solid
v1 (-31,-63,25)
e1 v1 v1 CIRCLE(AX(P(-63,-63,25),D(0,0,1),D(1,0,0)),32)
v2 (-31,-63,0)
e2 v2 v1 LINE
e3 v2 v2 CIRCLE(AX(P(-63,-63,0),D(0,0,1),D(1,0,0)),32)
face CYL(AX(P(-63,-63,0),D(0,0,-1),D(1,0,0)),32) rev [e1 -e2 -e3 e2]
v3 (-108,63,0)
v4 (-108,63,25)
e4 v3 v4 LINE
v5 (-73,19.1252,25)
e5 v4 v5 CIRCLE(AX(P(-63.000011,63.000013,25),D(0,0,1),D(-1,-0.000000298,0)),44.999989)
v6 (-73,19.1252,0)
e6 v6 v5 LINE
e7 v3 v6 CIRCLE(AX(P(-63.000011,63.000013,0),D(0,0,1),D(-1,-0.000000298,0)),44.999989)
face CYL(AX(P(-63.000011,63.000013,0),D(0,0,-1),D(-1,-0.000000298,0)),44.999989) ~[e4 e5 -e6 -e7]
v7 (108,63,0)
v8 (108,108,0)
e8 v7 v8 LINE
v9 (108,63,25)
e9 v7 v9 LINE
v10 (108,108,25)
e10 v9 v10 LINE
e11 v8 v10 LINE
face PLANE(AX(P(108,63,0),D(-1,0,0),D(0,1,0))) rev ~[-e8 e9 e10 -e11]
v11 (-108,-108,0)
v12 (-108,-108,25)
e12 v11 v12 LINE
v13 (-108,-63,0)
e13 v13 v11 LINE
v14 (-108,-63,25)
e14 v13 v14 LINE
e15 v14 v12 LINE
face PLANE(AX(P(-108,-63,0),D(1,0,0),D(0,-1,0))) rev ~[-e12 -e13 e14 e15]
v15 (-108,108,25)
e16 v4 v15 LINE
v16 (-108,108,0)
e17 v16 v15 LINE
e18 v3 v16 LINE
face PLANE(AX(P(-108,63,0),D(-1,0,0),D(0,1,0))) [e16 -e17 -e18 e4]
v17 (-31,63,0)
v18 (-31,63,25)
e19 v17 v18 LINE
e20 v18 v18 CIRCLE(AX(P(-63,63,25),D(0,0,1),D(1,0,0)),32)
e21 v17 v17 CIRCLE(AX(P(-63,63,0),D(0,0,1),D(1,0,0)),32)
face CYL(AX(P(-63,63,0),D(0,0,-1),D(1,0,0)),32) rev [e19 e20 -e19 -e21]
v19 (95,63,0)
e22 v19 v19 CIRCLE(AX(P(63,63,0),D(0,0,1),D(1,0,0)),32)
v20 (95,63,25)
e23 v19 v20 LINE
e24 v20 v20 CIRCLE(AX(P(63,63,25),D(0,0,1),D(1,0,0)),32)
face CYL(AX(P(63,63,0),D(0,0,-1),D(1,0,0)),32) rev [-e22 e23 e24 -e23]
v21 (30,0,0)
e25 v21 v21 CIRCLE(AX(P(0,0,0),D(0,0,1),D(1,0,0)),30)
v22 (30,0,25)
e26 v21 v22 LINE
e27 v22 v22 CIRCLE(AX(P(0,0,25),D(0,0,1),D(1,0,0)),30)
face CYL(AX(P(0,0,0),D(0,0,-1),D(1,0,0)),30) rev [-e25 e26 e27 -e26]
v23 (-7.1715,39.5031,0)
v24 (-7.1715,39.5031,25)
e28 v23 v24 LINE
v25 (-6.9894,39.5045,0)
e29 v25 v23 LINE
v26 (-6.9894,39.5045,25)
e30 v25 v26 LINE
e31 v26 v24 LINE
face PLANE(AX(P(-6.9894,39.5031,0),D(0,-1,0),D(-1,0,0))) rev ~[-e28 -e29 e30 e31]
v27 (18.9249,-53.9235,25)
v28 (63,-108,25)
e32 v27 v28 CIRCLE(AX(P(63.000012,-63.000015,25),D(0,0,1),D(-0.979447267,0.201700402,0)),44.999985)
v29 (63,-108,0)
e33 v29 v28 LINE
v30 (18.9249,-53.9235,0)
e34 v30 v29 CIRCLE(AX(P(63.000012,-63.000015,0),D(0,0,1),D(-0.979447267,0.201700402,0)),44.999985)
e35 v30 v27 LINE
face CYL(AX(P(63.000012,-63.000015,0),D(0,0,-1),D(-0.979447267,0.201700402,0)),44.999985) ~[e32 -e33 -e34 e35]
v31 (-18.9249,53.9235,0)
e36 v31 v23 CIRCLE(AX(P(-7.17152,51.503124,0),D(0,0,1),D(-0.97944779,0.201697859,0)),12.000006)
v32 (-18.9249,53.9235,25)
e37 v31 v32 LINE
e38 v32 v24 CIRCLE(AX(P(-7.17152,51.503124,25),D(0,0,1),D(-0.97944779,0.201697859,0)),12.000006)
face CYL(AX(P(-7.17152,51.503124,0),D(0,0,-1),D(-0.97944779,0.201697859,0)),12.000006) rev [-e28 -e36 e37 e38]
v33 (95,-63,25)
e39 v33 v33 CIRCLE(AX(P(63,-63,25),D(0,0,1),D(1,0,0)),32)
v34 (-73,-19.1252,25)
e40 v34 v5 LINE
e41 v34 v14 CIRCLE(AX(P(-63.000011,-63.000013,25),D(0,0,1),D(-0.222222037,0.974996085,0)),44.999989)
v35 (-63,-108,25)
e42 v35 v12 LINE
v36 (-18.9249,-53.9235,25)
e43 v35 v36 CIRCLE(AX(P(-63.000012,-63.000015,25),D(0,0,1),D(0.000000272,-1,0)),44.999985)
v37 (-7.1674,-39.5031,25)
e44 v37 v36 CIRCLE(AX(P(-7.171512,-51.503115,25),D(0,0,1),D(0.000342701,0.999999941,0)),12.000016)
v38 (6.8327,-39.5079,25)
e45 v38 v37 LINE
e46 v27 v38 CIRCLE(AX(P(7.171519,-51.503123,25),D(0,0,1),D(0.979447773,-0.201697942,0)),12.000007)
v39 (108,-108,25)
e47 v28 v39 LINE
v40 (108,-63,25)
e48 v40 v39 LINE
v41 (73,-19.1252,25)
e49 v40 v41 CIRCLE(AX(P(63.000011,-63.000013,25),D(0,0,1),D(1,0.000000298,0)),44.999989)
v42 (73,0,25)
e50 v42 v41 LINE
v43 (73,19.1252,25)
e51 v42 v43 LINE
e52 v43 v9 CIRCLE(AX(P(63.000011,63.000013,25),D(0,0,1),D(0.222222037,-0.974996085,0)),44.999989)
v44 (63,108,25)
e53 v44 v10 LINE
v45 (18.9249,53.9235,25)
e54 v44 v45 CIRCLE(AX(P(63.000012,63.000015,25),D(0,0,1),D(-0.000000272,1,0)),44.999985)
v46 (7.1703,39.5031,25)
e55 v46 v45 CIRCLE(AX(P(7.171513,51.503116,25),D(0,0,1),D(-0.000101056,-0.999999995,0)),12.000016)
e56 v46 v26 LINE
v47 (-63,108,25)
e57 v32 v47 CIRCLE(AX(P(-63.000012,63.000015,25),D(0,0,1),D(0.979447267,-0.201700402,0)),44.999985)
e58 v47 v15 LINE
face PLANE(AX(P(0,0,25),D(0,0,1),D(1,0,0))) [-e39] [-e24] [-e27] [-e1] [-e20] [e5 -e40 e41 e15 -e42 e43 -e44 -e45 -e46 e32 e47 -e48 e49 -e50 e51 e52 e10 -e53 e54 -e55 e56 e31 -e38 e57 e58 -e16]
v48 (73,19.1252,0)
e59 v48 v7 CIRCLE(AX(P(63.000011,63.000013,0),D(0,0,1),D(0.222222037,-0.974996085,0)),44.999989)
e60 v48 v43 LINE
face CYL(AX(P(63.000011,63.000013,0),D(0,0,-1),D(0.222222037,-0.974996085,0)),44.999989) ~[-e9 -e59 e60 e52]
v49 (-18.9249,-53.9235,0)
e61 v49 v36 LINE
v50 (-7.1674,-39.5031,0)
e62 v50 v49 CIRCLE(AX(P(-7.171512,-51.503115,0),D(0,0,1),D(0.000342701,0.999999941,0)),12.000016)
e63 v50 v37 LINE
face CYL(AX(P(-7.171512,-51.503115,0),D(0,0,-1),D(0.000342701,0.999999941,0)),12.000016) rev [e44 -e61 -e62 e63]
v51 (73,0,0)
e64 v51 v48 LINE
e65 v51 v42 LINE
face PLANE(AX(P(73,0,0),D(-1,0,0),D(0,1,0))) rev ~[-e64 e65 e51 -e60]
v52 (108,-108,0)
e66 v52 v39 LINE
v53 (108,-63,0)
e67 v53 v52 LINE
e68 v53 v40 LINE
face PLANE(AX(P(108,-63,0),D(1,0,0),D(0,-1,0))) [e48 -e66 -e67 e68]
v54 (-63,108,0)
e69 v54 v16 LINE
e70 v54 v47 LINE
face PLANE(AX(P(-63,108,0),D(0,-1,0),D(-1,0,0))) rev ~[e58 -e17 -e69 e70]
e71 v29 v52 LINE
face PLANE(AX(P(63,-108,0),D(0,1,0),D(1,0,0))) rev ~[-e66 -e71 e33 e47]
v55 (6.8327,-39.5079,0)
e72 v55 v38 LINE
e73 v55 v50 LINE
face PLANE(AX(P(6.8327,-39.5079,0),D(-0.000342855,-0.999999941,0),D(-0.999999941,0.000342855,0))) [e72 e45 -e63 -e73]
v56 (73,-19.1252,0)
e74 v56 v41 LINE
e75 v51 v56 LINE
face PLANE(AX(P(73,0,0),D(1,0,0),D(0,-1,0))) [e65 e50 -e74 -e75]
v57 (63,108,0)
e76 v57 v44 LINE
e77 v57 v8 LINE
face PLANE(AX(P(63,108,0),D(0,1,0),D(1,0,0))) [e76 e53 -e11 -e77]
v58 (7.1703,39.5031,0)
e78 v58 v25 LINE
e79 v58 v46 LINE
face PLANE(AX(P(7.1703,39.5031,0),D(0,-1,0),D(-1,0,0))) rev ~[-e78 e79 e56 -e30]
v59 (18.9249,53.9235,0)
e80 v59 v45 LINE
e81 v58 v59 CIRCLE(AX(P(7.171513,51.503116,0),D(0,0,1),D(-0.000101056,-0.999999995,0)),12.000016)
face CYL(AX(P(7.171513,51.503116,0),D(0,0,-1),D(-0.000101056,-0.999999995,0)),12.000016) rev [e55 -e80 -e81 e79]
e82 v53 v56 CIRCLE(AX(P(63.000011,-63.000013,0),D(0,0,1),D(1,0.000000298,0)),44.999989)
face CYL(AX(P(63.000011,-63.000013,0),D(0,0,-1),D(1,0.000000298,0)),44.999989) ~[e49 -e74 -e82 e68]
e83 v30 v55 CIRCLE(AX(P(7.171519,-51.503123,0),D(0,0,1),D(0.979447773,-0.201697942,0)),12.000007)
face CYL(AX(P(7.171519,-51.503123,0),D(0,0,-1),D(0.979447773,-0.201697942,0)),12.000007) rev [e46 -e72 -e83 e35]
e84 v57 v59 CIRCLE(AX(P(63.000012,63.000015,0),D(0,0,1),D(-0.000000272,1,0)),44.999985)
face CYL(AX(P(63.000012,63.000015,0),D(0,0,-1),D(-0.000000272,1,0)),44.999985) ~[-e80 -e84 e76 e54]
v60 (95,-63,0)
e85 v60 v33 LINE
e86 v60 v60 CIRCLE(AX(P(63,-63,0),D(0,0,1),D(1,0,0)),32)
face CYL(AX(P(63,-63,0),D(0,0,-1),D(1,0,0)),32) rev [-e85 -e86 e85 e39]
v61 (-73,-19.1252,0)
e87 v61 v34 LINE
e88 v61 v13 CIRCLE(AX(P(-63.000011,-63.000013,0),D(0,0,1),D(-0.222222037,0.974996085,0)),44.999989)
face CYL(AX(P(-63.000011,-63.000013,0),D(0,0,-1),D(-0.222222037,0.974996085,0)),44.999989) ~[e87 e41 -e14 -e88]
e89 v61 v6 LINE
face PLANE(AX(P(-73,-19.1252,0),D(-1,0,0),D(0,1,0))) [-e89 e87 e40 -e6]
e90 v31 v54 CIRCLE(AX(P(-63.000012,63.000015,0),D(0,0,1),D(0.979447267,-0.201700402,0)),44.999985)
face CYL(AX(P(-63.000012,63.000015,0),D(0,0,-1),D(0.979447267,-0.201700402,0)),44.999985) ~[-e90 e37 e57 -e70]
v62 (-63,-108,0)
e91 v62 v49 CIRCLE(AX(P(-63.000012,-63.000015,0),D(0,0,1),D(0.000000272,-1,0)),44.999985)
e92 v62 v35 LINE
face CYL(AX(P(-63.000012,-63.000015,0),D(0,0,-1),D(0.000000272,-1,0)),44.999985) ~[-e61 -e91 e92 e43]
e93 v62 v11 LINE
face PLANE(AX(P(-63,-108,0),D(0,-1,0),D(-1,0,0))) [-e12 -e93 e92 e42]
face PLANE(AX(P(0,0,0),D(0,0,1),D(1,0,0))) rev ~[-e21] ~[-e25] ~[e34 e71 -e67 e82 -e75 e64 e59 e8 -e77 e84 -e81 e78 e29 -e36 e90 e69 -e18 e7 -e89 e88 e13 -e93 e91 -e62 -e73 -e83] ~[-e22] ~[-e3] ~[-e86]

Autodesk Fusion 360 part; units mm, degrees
sketch "Sketch1" plane through (0, 0, 0) normal (0, 0, 1) x (1, 0, 0)
  circle A0 centre (0, 0) radius 30
  line L0 (0, 0) -> (0, 63) construction
  line L1 (0, 63) -> (63, 63) construction
  line L2 (0, 63) -> (-63, 63) construction
  circle A1 centre (-63, 63) radius 32
  circle A2 centre (63, 63) radius 32
  line L3 (0, 0) -> (0, -63) construction
  line L4 (0, -63) -> (-63, -63) construction
  line L5 (0, -63) -> (63, -63) construction
  circle A3 centre (-63, -63) radius 32
  circle A4 centre (63, -63) radius 32
  line L6 (-63, 108) -> (-108, 108)
  line L7 (-63, 63) -> (-108, 63) construction
  line L8 (-108, 63) -> (-108, 108)
  line L9 (63, 63) -> (108, 63) construction
  line L10 (108, 63) -> (108, 108)
  line L11 (63, 63) -> (63, 108) construction
  line L12 (63, 108) -> (108, 108)
  line L13 (63, -63) -> (63, -108) construction
  line L14 (63, -108) -> (108, -108)
  line L15 (63, -63) -> (108, -63) construction
  line L16 (108, -63) -> (108, -108)
  line L17 (-63, -63) -> (-108, -63) construction
  line L18 (-108, -63) -> (-108, -108)
  line L19 (-63, -63) -> (-63, -108) construction
  line L20 (-63, -108) -> (-108, -108)
  line L21 (0, 0) -> (73, 0) construction
  line L22 (0, 0) -> (-73, 0) construction
  line L23 (-73, -19.1252) -> (-73, 19.1252)
  line L24 (73, 0) -> (73, 19.1252)
  line L25 (73, 0) -> (73, -19.1252)
  arc A5 (7.1703, 39.5031) -> (18.9249, 53.9235) centre (7.1715, 51.5031) ccw
  arc A6 (-7.1674, -39.5031) -> (-18.9249, -53.9235) centre (-7.1715, -51.5031) ccw
  arc A7 (18.9249, -53.9235) -> (6.8327, -39.5079) centre (7.1715, -51.5031) ccw
  line L26 (-5.6873, 39.5952) -> (-5.6767, 39.5952)
  line L27 (6.8327, -39.5079) -> (-7.1674, -39.5031)
  arc A8 (-63, -108) -> (-18.9249, -53.9235) centre (-63, -63) ccw
  arc A9 (-73, -19.1252) -> (-108, -63) centre (-63, -63) ccw
  arc A10 (108, -63) -> (73, -19.1252) centre (63, -63) ccw
  arc A11 (18.9249, -53.9235) -> (63, -108) centre (63, -63) ccw
  arc A12 (63, 108) -> (18.9249, 53.9235) centre (63, 63) ccw
  arc A13 (73, 19.1252) -> (108, 63) centre (63, 63) ccw
  arc A14 (-108, 63) -> (-73, 19.1252) centre (-63, 63) ccw
  arc A15 (-18.9249, 53.9235) -> (-63, 108) centre (-63, 63) ccw
  line L28 (7.1703, 39.5031) -> (-7.1715, 39.5031)
  arc A16 (-18.9249, 53.9235) -> (-6.9894, 39.5045) centre (-7.1715, 51.5031) ccw
  dimension "d1" = 60
  dimension "d3" = 63
  dimension "d4" = 63
  dimension "d5" = 63
  dimension "d6" = 64
  dimension "d7" = 90
  dimension "d8" = 64
  dimension "d9" = 90
  dimension "d10" = 63
  dimension "d11" = 63
  dimension "d12" = 63
  dimension "d13" = 64
  dimension "d14" = 90
  dimension "d15" = 64
  dimension "d16" = 90
  dimension "d17" = 73
  dimension "d18" = 73
  dimension "d21" = 24
  dimension "d22" = 24
  dimension "d24" = 38.2504
extrude "Extrude1" add sketch "Sketch1" along normal blind 25
